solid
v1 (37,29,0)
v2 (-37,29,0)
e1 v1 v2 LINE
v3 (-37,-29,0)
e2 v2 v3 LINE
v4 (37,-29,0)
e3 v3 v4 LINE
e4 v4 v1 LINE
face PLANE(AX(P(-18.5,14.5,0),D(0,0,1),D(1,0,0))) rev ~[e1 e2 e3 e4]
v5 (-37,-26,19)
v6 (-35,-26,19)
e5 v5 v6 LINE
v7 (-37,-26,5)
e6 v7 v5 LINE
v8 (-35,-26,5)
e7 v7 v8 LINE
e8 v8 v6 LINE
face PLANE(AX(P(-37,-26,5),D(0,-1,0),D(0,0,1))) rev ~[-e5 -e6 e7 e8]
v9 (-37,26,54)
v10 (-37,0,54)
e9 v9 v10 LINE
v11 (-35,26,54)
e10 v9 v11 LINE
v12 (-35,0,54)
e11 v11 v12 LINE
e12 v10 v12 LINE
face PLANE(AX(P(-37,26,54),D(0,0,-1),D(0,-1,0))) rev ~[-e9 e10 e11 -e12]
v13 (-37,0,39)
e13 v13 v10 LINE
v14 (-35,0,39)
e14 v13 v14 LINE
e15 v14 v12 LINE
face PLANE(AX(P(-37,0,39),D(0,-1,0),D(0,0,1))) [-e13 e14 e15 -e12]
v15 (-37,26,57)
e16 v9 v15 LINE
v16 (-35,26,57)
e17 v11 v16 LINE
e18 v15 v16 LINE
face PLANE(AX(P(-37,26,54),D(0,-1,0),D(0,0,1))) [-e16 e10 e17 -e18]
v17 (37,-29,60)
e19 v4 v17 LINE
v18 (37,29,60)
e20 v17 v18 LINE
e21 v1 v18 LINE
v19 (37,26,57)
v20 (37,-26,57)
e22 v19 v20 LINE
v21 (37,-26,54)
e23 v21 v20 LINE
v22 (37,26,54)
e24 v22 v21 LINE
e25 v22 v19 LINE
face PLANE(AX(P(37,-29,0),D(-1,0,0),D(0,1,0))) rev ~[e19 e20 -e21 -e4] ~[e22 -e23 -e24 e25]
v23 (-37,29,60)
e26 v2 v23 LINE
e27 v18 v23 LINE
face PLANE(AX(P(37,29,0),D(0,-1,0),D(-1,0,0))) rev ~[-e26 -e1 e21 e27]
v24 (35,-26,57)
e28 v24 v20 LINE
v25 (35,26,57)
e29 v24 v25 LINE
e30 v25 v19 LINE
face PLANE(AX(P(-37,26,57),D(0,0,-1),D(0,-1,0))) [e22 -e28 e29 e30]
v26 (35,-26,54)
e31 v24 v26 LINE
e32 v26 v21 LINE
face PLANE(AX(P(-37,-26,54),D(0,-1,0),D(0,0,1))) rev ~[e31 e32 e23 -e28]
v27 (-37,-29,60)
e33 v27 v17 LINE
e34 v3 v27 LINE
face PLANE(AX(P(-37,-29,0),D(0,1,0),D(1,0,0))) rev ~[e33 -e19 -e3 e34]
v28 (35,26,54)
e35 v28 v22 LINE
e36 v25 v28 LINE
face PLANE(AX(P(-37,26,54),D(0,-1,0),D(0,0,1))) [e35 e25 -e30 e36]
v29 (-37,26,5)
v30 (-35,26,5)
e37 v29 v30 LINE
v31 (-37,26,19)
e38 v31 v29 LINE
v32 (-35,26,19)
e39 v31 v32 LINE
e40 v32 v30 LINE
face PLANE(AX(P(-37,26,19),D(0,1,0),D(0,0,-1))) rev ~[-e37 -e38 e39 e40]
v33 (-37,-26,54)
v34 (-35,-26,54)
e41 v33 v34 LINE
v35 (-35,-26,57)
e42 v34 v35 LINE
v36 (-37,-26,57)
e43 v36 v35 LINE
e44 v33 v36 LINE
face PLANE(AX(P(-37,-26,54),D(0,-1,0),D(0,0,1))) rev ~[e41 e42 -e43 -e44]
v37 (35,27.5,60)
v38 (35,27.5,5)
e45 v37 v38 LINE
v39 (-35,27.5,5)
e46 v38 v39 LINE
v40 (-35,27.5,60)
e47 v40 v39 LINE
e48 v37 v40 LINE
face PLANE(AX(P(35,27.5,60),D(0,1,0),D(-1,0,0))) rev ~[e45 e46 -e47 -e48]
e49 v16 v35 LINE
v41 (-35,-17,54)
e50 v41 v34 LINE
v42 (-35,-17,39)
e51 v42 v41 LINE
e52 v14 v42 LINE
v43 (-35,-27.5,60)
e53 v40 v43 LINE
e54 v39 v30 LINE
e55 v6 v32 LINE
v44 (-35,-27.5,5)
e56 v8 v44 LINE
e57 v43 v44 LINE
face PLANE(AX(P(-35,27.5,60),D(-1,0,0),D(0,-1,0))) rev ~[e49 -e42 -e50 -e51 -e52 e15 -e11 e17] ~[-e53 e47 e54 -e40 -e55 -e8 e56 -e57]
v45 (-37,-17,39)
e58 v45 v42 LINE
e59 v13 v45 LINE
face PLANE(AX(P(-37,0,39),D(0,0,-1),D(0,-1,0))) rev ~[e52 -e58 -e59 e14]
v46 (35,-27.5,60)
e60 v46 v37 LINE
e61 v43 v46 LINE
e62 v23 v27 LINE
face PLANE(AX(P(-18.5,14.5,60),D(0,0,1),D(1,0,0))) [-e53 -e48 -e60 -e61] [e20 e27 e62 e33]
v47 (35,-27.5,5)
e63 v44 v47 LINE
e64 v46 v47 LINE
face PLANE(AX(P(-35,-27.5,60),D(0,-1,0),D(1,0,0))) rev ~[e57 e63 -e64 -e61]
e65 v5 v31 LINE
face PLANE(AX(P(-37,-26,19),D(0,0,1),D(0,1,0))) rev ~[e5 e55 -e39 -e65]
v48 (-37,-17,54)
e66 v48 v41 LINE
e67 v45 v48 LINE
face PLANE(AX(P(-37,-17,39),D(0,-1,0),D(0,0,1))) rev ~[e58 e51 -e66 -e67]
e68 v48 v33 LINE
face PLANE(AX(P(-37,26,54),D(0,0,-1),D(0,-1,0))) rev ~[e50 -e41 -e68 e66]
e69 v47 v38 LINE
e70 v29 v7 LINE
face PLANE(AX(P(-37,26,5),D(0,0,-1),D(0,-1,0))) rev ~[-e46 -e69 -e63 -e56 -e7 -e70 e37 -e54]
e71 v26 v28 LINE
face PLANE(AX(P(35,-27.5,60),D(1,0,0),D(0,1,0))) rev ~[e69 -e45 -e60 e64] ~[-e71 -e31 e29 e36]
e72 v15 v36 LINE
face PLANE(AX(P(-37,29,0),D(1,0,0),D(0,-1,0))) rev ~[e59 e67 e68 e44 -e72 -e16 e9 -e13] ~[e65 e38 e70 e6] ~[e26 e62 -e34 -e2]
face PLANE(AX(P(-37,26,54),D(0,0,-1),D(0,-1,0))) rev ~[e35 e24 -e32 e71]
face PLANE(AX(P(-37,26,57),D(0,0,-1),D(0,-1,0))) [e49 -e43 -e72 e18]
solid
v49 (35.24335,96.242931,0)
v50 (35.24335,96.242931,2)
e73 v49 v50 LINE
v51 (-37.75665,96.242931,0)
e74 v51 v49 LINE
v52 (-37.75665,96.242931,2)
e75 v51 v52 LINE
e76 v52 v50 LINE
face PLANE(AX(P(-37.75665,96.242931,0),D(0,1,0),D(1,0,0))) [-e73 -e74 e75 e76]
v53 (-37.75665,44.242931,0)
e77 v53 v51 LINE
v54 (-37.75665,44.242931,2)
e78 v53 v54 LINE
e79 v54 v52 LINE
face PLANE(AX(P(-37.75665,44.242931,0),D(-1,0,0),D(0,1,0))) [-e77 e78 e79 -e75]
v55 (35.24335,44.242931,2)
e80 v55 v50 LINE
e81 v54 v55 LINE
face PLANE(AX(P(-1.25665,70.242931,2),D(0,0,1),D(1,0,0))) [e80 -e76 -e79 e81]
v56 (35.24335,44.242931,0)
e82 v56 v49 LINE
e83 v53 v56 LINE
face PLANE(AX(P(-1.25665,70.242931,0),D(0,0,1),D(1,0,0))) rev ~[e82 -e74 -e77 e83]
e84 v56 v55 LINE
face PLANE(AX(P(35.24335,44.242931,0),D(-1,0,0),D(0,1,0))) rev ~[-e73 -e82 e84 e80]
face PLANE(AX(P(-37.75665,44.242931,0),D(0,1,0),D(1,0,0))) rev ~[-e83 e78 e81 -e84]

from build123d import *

# Parameters (mm, degrees)
F0_W      = 37
F0_H      = 29
F1_DEPTH  = 60
F2_W      = 35
F2_H      = 27.5
F3_DEPTH  = 55
F5_DEPTH  = 3
F6_W      = 17
F6_H      = 15
F7_DEPTH  = 3
F8_W      = 52
F8_H      = 3
F9_DEPTH  = 76.7
F10_W     = 73
F10_H     = 52
F11_DEPTH = 2


with BuildPart() as f1:
    # F0 (on Top) → F1 (new body)
    with BuildSketch(Plane.XY):
        with Locations((-18.5, 14.5)):
            Rectangle(F0_W, F0_H)
        with Locations((18.5, 14.5)):
            Rectangle(F0_W, F0_H)
        with Locations((-18.5, -14.5)):
            Rectangle(F0_W, F0_H)
        with Locations((18.5, -14.5)):
            Rectangle(F0_W, F0_H)
    extrude(amount=F1_DEPTH)

    # F2 (on face) → F3 (cut)
    with BuildSketch(Plane.XY.offset(60)):
        with Locations((-17.5, 13.75)):
            Rectangle(F2_W, F2_H)
        with Locations((17.5, 13.75)):
            Rectangle(F2_W, F2_H)
        with Locations((-17.5, -13.75)):
            Rectangle(F2_W, F2_H)
        with Locations((17.5, -13.75)):
            Rectangle(F2_W, F2_H)
    extrude(amount=-F3_DEPTH, mode=Mode.SUBTRACT)

    # F4 (on face) → F5 (cut)
    with BuildSketch(Plane(origin=(-37, 0, 0), x_dir=(0, -1, 0), z_dir=(-1, 0, 0))):
        Polygon((-26, 12), (-26, 5), (26, 5), (26, 12), (0, 12), align=None)
        Polygon((-26, 19), (-26, 12), (0, 12), (26, 12), (26, 19), align=None)
    extrude(amount=-F5_DEPTH, mode=Mode.SUBTRACT)

    # F6 (on face) → F7 (cut)
    with BuildSketch(Plane(origin=(-37, 0, 0), x_dir=(0, -1, 0), z_dir=(-1, 0, 0))):
        with Locations((8.5, 46.5)):
            Rectangle(F6_W, F6_H)
    extrude(amount=-F7_DEPTH, mode=Mode.SUBTRACT)

    # F8 (on face) → F9 (cut)
    with BuildSketch(Plane(origin=(-37, 0, 0), x_dir=(0, -1, 0), z_dir=(-1, 0, 0))):
        with Locations((0, 55.5)):
            Rectangle(F8_W, F8_H)
    extrude(amount=-F9_DEPTH, mode=Mode.SUBTRACT)


with BuildPart() as f11:
    # F10 (on Top) → F11 (new body)
    with BuildSketch(Plane.XY):
        with Locations((-1.25665, 70.242931)):
            Rectangle(F10_W, F10_H)
    extrude(amount=F11_DEPTH)


solid = Compound([f1.part, f11.part])
